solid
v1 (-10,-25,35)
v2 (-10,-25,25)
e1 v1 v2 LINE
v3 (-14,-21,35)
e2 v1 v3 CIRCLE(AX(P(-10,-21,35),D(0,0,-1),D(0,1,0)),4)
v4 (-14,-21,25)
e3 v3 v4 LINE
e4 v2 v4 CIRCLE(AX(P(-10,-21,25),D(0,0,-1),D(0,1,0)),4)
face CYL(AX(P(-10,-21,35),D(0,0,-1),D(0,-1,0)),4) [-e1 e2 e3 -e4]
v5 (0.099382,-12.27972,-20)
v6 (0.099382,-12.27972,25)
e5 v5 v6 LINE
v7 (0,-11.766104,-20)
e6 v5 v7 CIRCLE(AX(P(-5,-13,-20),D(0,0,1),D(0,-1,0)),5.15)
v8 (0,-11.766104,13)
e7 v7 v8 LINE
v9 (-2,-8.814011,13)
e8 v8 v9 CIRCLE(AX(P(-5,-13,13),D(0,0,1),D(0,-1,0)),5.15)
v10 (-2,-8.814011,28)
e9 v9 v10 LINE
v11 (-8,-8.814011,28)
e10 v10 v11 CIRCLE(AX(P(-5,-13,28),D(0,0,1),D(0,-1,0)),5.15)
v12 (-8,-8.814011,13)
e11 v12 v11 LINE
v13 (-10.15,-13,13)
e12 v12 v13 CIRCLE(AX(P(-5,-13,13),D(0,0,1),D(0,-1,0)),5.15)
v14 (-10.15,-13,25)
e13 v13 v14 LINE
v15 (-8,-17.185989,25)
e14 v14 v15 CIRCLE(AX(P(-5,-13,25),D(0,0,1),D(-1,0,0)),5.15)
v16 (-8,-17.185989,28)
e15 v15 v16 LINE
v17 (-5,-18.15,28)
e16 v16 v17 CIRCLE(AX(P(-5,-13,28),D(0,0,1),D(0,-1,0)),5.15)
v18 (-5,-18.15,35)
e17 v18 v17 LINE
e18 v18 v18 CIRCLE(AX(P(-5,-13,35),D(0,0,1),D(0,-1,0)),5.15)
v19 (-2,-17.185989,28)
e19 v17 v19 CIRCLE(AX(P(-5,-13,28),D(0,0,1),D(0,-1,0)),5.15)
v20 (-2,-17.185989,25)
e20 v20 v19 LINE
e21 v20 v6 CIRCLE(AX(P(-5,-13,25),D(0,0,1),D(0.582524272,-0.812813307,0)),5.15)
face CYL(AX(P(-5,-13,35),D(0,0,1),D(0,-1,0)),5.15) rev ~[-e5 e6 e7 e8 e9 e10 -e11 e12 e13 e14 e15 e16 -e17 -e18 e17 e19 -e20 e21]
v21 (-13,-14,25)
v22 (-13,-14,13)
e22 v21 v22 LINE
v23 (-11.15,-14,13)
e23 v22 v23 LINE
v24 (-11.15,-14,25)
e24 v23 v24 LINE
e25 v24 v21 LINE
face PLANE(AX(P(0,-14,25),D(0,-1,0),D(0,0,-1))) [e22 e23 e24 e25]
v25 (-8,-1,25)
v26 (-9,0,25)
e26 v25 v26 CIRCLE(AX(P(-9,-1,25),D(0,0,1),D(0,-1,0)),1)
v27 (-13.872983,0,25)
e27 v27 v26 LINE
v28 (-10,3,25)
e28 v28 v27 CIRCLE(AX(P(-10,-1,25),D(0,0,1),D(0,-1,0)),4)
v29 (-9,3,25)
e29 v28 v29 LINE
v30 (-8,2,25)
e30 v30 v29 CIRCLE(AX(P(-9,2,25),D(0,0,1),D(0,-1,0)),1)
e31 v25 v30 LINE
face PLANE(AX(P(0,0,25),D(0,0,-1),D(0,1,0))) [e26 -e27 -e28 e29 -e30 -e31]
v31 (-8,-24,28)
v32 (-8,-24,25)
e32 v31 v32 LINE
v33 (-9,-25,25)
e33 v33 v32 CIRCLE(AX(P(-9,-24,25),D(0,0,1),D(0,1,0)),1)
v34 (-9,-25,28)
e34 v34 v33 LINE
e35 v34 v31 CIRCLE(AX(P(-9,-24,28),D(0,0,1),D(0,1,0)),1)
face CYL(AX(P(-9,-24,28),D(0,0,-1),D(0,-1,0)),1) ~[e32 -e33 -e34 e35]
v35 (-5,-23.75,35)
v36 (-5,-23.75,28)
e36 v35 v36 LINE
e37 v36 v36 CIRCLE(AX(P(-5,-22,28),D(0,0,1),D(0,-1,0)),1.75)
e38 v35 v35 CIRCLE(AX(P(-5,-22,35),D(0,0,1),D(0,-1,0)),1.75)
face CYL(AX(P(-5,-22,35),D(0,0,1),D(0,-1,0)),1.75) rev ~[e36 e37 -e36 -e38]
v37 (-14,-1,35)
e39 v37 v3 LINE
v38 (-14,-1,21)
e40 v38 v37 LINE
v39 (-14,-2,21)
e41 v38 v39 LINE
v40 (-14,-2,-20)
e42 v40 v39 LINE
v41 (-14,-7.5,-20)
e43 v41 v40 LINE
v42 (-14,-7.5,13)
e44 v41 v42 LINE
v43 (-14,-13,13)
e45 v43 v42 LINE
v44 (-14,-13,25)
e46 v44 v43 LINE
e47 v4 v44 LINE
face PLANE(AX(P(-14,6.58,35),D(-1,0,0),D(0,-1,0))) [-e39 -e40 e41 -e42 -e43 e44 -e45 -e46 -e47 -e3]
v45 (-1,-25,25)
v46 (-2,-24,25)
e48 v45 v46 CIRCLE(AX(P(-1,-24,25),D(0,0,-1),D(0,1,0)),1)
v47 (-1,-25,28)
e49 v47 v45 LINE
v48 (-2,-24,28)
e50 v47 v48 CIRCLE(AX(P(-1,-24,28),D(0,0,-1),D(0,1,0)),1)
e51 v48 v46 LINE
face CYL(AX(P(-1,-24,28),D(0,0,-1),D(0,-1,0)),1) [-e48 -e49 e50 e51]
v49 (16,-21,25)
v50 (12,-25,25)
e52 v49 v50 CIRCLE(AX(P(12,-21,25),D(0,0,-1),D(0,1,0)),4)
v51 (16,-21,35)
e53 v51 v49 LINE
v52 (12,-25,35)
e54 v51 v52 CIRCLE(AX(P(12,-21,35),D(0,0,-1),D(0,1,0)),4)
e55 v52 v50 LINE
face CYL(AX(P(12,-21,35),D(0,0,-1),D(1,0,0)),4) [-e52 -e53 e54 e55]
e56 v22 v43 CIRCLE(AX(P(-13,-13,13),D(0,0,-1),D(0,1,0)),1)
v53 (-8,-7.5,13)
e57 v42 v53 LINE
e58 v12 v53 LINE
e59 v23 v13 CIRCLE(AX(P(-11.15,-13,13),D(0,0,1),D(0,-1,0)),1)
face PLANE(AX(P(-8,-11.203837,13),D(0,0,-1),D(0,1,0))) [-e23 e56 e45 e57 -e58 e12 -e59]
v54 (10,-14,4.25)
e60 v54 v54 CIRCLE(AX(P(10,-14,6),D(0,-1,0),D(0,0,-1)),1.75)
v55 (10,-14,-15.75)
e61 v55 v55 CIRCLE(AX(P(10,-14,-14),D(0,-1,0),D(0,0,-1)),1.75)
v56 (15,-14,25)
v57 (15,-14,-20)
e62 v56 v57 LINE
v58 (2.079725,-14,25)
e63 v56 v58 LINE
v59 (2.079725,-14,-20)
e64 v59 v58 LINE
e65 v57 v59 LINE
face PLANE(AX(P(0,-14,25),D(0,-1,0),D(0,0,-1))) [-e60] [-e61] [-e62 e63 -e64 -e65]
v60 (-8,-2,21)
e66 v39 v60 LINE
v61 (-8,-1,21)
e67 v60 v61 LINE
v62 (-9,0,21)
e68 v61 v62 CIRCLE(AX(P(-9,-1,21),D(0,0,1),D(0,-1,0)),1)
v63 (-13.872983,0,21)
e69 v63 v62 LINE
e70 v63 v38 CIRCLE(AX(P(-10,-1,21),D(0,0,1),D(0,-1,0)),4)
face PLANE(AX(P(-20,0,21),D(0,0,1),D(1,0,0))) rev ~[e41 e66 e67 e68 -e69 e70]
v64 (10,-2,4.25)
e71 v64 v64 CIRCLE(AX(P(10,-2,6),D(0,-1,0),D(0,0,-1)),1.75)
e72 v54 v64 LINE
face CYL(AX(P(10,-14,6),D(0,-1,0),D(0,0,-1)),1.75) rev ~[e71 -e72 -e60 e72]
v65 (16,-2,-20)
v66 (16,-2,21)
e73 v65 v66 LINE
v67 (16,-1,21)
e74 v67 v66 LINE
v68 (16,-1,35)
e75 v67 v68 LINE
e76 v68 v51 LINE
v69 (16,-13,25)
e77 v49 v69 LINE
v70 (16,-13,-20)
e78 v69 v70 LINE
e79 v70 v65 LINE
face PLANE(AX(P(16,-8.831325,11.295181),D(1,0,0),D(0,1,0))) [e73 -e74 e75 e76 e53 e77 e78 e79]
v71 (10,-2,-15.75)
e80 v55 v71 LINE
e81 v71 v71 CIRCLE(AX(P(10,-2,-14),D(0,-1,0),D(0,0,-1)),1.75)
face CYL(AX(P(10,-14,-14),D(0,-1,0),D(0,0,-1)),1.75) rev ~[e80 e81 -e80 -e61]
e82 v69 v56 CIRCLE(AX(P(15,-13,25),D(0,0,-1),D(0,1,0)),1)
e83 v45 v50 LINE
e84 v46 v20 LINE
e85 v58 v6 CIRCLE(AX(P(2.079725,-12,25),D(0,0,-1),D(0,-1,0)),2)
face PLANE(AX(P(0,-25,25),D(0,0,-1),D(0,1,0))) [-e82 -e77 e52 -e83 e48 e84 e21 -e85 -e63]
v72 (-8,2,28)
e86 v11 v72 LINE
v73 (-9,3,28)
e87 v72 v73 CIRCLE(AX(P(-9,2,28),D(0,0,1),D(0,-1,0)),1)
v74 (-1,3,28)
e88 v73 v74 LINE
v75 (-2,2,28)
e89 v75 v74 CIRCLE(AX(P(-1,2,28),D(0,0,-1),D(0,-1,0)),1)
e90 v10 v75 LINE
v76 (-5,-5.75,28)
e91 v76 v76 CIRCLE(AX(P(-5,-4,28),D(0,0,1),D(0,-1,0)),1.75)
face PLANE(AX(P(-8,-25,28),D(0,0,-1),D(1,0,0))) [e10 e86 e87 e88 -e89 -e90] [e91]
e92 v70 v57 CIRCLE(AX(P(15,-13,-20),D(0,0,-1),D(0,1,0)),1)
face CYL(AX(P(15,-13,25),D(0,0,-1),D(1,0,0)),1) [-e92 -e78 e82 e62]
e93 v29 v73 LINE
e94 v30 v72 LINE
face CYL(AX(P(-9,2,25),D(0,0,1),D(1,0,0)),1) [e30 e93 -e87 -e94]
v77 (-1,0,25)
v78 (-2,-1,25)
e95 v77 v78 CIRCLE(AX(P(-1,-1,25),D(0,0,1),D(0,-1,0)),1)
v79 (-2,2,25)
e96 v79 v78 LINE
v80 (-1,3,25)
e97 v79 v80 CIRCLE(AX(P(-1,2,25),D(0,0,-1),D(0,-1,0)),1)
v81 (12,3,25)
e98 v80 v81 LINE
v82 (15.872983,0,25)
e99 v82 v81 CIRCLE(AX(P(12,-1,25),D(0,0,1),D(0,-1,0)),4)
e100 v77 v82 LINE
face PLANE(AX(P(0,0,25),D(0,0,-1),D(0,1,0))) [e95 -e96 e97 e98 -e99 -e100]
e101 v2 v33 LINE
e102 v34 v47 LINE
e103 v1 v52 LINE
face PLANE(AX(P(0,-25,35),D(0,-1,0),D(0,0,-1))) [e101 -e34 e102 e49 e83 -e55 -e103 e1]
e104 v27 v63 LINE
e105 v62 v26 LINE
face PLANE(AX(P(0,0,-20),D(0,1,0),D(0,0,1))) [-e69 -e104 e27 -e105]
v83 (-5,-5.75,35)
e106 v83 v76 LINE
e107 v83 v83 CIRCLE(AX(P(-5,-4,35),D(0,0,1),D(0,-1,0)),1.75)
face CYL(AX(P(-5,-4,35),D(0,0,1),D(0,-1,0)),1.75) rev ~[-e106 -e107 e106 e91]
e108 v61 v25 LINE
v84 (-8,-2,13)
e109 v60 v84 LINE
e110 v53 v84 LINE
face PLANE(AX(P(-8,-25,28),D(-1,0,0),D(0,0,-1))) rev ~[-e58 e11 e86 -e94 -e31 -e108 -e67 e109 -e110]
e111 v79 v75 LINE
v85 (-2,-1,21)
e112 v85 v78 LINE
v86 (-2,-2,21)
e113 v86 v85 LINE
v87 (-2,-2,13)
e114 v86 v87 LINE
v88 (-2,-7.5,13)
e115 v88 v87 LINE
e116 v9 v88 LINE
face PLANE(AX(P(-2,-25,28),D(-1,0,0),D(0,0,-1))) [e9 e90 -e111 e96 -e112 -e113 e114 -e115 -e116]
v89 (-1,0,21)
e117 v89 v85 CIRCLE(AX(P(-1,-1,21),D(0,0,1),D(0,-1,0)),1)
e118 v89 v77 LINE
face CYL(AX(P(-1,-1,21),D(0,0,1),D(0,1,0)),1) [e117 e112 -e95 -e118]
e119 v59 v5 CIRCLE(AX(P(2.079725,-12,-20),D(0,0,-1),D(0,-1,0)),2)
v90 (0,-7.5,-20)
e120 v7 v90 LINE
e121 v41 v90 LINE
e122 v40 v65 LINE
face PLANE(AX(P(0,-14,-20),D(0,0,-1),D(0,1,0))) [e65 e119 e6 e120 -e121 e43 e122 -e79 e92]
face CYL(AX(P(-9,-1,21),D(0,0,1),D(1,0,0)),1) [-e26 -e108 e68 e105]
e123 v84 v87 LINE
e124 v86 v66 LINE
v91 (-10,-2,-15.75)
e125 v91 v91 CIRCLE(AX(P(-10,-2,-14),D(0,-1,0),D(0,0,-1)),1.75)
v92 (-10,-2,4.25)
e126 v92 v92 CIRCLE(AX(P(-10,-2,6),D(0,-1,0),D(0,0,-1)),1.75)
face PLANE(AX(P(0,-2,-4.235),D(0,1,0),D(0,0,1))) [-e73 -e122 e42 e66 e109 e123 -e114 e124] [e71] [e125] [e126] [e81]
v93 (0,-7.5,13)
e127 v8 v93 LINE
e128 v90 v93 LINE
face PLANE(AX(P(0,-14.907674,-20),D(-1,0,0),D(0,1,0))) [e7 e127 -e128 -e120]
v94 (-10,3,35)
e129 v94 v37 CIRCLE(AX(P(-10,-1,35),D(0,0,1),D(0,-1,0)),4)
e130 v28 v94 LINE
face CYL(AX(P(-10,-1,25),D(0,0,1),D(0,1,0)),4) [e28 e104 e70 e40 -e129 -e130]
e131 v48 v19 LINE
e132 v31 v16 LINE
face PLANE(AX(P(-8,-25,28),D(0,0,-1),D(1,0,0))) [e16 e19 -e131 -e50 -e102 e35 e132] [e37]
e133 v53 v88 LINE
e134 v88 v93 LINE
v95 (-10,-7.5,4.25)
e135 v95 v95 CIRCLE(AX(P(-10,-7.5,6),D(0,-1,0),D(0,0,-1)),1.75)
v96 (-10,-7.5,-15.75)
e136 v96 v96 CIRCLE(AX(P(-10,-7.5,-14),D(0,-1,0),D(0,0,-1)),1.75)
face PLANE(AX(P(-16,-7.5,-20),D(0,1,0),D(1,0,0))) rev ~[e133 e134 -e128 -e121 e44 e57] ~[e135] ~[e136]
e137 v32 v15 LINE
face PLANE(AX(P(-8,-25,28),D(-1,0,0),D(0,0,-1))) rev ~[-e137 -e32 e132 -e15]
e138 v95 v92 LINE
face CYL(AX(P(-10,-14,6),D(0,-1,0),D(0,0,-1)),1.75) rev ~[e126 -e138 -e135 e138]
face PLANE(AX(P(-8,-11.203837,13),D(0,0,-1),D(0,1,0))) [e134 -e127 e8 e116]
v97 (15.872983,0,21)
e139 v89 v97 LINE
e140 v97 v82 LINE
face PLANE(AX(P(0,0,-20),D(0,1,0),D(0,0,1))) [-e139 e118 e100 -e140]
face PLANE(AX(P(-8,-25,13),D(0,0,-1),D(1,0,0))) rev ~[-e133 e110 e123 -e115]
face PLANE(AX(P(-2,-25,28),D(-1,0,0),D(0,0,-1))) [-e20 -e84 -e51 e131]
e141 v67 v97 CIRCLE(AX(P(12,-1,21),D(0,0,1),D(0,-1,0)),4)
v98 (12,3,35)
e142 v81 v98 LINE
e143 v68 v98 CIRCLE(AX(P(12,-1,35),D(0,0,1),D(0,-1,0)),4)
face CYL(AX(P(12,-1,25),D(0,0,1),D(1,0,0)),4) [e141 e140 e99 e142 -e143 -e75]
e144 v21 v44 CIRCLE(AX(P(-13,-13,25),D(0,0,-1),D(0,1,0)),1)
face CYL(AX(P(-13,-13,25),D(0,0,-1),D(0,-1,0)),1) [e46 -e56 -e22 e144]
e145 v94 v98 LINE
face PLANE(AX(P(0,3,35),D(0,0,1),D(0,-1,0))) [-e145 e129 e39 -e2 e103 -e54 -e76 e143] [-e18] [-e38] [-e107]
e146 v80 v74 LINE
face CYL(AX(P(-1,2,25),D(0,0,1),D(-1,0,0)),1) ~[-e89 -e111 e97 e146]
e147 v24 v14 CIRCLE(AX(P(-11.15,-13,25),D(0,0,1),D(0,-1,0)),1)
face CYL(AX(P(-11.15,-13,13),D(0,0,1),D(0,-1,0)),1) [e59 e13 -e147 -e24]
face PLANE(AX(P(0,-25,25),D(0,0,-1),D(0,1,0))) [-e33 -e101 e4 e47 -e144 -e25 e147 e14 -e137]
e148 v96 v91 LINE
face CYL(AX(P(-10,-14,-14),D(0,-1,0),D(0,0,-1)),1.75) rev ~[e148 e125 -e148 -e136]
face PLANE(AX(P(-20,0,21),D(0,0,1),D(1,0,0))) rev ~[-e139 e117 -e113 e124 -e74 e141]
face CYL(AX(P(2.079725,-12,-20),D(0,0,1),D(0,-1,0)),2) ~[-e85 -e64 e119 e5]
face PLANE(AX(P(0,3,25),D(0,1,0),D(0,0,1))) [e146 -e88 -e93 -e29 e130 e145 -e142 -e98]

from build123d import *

# Parameters (mm, degrees)
PAD001_DEPTH      = 16
PAD001_DEPTH_BACK = 16
SKETCH014_W       = 15
SKETCH014_H       = 6
POCKET_DEPTH      = 28.001
SKETCH012_R       = 5.15
POCKET001_DEPTH   = 55.001
SKETCH013_R       = 1.75
POCKET002_DEPTH   = 7
SKETCH008_W       = 7.407674
SKETCH008_H       = 16
POCKET003_DEPTH   = 33
SKETCH007_R       = 1.75
POCKET004_DEPTH   = 17.001
SKETCH015_W       = 50.47
SKETCH015_H       = 40
POCKET005_DEPTH   = 2
SKETCH016_W       = 51.98
SKETCH016_H       = 14.53
POCKET006_DEPTH   = 55.001
FILLET_R          = 4
FILLET001_R       = 1
FILLET002_R       = 2
FILLET003_R       = 1
FILLET004_R       = 1
FILLET005_R       = 1
FILLET006_R       = 1


with BuildPart() as part:
    # Sketch005 → Pad001 (new body, two sides)
    with BuildSketch(Plane.YZ) as pad001_sk:
        Polygon((0, -20), (0, 25), (3, 25), (3, 35), (-25, 35), (-25, 25), (-14, 25), (-14, -20), align=None)
    extrude(amount=PAD001_DEPTH)
    extrude(pad001_sk.sketch, amount=-PAD001_DEPTH_BACK)

    # Sketch014 (on Face5 of Pad001) → Pocket (cut, through all)
    with BuildSketch(Plane(origin=(0, -25, 0), x_dir=(0, 0, -1), z_dir=(0, -1, 0))):
        with Locations((-20.5, -5)):
            Rectangle(SKETCH014_W, SKETCH014_H)
    extrude(amount=-POCKET_DEPTH, mode=Mode.SUBTRACT)

    # Sketch012 → Pocket001 (cut, through all)
    with BuildSketch(Plane(origin=(0, 0, 35), x_dir=(0, -1, 0), z_dir=(0, 0, 1))):
        with Locations((13, -5)):
            Circle(SKETCH012_R)
    extrude(amount=-POCKET001_DEPTH, mode=Mode.SUBTRACT)

    # Sketch013 → Pocket002 (cut)
    with BuildSketch(Plane(origin=(0, 0, 35), x_dir=(0, -1, 0), z_dir=(0, 0, 1))):
        with Locations((4, -5)):
            Circle(SKETCH013_R)
        with Locations((22, -5)):
            Circle(SKETCH013_R)
    extrude(amount=-POCKET002_DEPTH, mode=Mode.SUBTRACT)

    # Sketch008 (on Face9 of Pocket002) → Pocket003 (cut)
    with BuildSketch(Plane.YX.offset(20)):
        with Locations((-11.203837, -8)):
            Rectangle(SKETCH008_W, SKETCH008_H)
    extrude(amount=-POCKET003_DEPTH, mode=Mode.SUBTRACT)

    # Sketch007 (on Face21 of Pocket003) → Pocket004 (cut, through all)
    with BuildSketch(Plane(origin=(0, -14, 0), x_dir=(0, 0, -1), z_dir=(0, -1, 0))):
        with Locations((-6, 10)):
            Circle(SKETCH007_R)
        with Locations((14, 10)):
            Circle(SKETCH007_R)
        with Locations((-6, -10)):
            Circle(SKETCH007_R)
        with Locations((14, -10)):
            Circle(SKETCH007_R)
    extrude(amount=-POCKET004_DEPTH, mode=Mode.SUBTRACT)

    # Sketch015 (on Face1 of Pocket004) → Pocket005 (cut)
    with BuildSketch(Plane.ZX):
        with Locations((-4.235, 0)):
            Rectangle(SKETCH015_W, SKETCH015_H)
    extrude(amount=-POCKET005_DEPTH, mode=Mode.SUBTRACT)

    # Sketch016 (on Face11 of Pocket005) → Pocket006 (cut, through all)
    with BuildSketch(Plane(origin=(0, 0, 35), x_dir=(0, -1, 0), z_dir=(0, 0, 1))):
        with Locations((19.41, -21.265)):
            Rectangle(SKETCH016_W, SKETCH016_H)
    extrude(amount=-POCKET006_DEPTH, mode=Mode.SUBTRACT)

    # Fillet
    fillet_edges = [part.edges().sort_by_distance(p)[0] for p in [
        (16, -25, 30),
        (-14, -25, 30),
        (16, 3, 30),
        (-14, 3, 30),
    ]]
    fillet(fillet_edges, radius=FILLET_R)

    # Fillet001
    fillet001_edges = [part.edges().sort_by_distance(p)[0] for p in [
        (-2, -25, 26.5),
        (-8, -25, 26.5),
    ]]
    fillet(fillet001_edges, radius=FILLET001_R)

    # Fillet002
    fillet002_edges = [part.edges().sort_by_distance(p)[0] for p in [
        (0.05198, -14, 2.5),
    ]]
    fillet(fillet002_edges, radius=FILLET002_R)

    # Fillet003
    fillet003_edges = [part.edges().sort_by_distance(p)[0] for p in [
        (-14, -14, 19),
        (-10.05198, -14, 19),
    ]]
    fillet(fillet003_edges, radius=FILLET003_R)

    # Fillet004
    fillet004_edges = [part.edges().sort_by_distance(p)[0] for p in [
        (-2, 3, 26.5),
        (-8, 3, 26.5),
    ]]
    fillet(fillet004_edges, radius=FILLET004_R)

    # Fillet005
    fillet005_edges = [part.edges().sort_by_distance(p)[0] for p in [
        (-8, 0, 23),
        (-2, 0, 23),
    ]]
    fillet(fillet005_edges, radius=FILLET005_R)

    # Fillet006
    fillet006_edges = [part.edges().sort_by_distance(p)[0] for p in [
        (16, -14, 2.5),
    ]]
    fillet(fillet006_edges, radius=FILLET006_R)


solid = part.part
